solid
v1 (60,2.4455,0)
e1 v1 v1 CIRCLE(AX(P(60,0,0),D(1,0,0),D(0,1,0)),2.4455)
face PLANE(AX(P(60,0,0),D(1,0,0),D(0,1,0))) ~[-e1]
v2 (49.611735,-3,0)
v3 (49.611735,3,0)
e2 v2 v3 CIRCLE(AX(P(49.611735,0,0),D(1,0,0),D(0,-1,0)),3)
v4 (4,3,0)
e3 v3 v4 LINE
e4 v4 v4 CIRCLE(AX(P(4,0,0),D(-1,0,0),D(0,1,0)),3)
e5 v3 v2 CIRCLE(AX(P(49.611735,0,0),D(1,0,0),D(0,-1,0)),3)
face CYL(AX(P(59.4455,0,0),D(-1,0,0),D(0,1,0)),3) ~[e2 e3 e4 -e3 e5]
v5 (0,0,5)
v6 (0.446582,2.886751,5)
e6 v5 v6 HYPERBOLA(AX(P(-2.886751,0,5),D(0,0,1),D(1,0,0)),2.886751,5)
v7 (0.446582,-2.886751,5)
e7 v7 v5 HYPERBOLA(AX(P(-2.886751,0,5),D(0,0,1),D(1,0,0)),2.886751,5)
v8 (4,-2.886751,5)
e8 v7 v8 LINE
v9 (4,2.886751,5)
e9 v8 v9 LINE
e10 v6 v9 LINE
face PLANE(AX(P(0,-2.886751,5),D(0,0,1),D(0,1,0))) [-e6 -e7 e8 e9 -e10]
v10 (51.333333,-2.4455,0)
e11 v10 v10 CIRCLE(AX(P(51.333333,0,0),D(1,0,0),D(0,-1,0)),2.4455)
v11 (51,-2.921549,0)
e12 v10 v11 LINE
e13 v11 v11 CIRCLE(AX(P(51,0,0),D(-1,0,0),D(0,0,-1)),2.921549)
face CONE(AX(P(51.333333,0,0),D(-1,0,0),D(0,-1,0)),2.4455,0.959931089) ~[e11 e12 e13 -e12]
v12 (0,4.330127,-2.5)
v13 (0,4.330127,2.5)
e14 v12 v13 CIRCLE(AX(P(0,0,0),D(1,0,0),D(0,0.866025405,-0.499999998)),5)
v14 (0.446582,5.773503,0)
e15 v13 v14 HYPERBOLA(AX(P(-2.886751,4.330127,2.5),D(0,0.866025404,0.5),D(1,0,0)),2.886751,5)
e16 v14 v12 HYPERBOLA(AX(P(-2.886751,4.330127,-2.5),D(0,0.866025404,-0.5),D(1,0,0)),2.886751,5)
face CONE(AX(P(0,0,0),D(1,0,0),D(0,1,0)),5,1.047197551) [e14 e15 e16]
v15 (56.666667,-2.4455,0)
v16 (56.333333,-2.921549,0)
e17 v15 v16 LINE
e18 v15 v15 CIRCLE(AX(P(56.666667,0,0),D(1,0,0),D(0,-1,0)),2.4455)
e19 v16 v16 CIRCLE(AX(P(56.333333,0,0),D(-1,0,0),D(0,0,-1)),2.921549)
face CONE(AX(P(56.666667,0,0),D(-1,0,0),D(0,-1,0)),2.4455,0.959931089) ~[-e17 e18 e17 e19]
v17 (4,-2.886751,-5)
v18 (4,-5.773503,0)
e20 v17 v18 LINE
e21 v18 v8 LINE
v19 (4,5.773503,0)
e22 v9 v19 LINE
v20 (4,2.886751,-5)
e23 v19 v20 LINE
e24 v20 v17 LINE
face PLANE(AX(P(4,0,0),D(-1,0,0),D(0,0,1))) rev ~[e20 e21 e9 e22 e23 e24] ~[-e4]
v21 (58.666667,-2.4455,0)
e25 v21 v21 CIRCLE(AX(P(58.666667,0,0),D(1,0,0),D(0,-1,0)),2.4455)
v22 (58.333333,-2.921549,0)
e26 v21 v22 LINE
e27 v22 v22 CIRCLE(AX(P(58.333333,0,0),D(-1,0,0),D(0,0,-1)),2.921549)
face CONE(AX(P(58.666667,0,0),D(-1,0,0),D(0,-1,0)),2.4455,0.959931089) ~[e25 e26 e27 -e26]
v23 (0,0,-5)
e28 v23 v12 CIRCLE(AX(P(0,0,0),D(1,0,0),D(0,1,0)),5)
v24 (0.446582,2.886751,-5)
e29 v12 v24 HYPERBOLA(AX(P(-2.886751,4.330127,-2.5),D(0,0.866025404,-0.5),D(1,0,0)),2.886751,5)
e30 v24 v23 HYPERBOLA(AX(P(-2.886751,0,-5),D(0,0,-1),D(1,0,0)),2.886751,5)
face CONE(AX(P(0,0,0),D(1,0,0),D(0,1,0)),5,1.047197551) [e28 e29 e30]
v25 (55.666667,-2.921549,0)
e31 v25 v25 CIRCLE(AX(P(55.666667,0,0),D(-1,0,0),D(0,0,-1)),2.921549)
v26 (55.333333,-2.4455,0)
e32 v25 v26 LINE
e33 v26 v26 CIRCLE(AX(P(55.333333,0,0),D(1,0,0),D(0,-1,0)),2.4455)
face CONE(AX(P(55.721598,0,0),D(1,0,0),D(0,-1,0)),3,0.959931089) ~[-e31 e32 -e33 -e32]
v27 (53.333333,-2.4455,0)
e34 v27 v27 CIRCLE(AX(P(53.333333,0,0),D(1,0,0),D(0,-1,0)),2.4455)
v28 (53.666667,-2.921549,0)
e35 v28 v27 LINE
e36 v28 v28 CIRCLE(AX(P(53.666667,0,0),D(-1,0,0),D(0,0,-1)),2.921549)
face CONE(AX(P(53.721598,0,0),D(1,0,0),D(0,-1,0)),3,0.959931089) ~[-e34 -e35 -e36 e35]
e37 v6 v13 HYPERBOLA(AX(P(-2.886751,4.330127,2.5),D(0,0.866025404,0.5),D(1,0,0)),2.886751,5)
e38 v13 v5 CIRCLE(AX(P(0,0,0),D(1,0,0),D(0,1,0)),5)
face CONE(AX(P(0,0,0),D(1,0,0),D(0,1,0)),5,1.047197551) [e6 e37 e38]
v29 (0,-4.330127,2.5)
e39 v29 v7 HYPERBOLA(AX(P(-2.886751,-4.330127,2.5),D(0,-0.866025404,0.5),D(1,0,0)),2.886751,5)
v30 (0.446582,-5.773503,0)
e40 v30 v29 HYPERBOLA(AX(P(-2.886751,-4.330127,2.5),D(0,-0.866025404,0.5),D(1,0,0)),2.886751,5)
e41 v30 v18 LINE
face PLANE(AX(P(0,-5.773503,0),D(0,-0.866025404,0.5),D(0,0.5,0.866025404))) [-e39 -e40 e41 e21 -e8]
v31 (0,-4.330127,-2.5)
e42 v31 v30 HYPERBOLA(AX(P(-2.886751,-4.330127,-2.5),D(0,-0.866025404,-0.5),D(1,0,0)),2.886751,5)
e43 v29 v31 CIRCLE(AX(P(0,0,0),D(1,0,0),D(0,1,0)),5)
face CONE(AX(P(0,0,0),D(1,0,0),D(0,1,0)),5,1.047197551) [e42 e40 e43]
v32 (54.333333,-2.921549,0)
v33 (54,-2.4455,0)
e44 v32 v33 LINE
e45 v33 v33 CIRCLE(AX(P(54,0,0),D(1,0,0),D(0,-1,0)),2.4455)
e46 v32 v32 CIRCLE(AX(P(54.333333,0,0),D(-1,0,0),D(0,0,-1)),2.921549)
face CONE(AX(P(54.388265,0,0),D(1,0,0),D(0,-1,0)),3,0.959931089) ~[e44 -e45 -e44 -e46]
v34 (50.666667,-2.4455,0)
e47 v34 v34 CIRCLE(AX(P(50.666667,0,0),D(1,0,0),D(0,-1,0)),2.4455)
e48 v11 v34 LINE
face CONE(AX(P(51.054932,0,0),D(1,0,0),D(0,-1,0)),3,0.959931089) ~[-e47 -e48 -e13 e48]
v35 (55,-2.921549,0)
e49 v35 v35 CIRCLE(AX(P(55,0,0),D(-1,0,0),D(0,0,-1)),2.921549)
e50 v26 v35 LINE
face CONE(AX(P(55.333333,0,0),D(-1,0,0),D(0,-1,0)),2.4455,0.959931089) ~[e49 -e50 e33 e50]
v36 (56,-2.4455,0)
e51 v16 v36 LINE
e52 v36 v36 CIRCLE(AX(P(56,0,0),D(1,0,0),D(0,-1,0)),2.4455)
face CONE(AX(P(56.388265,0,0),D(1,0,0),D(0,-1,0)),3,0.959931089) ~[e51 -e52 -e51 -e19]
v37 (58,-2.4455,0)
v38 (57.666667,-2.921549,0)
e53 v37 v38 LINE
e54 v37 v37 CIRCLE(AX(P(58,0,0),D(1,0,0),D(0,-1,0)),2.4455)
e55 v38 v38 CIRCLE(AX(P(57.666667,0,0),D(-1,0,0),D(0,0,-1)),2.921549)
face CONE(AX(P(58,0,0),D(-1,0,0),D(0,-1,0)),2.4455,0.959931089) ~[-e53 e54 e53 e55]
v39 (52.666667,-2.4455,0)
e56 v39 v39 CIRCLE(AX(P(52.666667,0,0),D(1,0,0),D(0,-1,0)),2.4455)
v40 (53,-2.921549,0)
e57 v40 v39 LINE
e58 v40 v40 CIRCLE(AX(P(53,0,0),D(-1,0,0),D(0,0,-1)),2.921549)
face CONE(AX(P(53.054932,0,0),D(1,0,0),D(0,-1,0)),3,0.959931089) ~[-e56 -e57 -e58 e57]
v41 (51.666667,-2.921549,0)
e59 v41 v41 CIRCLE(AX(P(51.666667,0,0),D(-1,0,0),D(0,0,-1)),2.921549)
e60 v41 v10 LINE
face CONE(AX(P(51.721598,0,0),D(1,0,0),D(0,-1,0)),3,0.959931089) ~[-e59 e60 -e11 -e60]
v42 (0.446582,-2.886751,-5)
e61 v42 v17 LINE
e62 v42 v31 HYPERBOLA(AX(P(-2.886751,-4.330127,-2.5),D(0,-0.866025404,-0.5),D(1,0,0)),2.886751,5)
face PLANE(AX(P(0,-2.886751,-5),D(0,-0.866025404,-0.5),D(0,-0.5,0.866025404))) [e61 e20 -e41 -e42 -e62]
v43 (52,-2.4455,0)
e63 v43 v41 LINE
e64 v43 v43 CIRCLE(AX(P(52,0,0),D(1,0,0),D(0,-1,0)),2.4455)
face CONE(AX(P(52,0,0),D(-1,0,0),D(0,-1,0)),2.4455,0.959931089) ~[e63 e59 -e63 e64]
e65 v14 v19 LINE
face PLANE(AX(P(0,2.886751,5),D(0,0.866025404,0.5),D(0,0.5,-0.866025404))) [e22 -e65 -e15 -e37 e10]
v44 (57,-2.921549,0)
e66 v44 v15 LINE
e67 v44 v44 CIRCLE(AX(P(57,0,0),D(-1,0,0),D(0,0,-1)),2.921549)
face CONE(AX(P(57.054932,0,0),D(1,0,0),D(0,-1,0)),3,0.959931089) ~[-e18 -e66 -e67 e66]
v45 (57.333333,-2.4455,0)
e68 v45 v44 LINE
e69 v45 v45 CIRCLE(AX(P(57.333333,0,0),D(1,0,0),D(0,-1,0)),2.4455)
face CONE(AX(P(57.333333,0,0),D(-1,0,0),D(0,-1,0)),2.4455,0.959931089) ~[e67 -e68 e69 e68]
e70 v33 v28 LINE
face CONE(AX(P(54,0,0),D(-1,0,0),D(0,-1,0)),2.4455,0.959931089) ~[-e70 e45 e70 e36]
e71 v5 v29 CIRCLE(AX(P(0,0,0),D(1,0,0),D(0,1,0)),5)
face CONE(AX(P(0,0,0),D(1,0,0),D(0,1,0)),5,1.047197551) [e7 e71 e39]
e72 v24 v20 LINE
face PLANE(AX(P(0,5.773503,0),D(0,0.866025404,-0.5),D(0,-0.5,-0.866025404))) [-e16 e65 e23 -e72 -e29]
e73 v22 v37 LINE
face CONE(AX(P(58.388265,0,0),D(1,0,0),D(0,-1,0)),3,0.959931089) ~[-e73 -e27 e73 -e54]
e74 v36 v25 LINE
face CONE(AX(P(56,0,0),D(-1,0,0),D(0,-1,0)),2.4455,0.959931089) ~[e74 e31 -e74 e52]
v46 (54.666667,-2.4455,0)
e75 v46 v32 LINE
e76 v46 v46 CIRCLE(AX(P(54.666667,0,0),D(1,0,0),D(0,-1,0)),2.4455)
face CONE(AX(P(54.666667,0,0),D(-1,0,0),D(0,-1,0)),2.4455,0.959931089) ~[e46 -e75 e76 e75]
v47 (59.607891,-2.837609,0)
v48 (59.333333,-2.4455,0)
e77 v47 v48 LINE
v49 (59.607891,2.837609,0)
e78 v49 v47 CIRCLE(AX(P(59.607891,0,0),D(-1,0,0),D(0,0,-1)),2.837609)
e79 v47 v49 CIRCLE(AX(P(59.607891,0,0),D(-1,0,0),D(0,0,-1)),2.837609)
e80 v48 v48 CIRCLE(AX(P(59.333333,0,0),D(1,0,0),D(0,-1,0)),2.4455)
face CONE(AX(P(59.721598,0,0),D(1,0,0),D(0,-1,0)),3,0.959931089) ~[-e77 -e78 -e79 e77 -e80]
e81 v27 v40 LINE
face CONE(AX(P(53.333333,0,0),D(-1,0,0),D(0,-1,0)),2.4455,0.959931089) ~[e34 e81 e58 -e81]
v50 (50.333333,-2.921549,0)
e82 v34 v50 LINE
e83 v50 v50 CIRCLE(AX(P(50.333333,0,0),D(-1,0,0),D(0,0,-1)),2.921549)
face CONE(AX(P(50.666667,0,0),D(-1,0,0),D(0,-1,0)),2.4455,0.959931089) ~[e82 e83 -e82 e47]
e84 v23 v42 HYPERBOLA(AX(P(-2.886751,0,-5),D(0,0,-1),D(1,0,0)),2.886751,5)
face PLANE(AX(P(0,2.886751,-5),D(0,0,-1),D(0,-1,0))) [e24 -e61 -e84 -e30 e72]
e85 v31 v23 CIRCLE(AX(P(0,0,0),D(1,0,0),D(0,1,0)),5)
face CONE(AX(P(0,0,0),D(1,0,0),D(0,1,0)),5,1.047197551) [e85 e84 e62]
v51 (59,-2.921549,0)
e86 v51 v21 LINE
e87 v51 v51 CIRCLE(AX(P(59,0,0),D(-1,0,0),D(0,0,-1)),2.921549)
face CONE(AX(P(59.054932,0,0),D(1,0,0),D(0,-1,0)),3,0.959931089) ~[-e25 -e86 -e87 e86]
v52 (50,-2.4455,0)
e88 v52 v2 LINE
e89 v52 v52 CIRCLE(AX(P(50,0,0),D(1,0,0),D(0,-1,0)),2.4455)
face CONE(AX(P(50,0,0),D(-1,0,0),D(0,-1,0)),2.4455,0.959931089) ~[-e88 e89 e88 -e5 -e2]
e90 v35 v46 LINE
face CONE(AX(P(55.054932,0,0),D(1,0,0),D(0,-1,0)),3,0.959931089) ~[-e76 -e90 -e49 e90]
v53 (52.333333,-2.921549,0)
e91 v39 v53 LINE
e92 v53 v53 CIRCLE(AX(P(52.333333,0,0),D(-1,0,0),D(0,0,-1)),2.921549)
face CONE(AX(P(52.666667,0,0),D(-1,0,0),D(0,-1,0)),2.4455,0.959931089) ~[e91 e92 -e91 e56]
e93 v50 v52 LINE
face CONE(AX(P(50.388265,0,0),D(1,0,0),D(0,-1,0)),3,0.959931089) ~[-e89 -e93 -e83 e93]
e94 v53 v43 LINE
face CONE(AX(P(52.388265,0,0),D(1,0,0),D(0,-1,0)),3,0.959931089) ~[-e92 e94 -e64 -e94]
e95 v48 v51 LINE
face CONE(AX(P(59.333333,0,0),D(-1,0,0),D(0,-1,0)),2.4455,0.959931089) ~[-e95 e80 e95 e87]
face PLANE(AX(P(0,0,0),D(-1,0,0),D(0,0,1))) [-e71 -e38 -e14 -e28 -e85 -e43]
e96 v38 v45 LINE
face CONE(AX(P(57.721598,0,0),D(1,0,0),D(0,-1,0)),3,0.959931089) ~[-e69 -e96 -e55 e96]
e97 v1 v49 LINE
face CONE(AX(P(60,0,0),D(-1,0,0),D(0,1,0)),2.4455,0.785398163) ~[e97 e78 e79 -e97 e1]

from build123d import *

# Parameters (mm, degrees)
BASEHEAD_DEPTH  = 4
THDSCHPAT_COUNT = 15
THDSCHPAT_PITCH = 0.666666667


with BuildPart() as part:
    # Sketch1 → BaseHead (new body)
    with BuildSketch(Plane(origin=(0, 0, 0), x_dir=(0, 0, -1), z_dir=(1, 0, 0))):
        Polygon((5, 2.886751346), (5, -2.886751346), (0, -5.773502692), (-5, -2.886751346), (-5, 2.886751346), (0, 5.773502692), align=None)
    extrude(amount=BASEHEAD_DEPTH)

    # BodySke → BaseBody (revolve)
    with BuildSketch(Plane.XY):
        Polygon((0, 0), (60, 0), (60, 2.4455), (59.4455, 3), (0, 3), align=None)
    revolve(axis=Axis((0, 0, 0), (1, 0, 0)))

    # Sketch3 → HeadChamfer (revolve, cut)
    with BuildSketch(Plane.XY):
        Polygon((0, 5), (3.333333333, 10.773502692), (3.333333333, 15.773502692), (-10, 15.773502692), (-10, 5), align=None)
    revolve(axis=Axis((0, 0, 0), (1, 0, 0)), mode=Mode.SUBTRACT)

    # ThdSchSke → ThreadSchematic (revolve, cut)
    with BuildSketch(Plane.XY):
        Polygon((50, -2.4455), (49.61173492, -3), (49.61173492, -3.75), (50.38826508, -3.75), (50.38826508, -3), align=None)
    threadschematic = revolve(axis=Axis((-3.175, 0, 0), (1, 0, 0)), mode=Mode.SUBTRACT)

    # ThdSchPat: ThreadSchematic ×15
    with Locations(*[(i * THDSCHPAT_PITCH, 0, 0) for i in range(1, THDSCHPAT_COUNT)]):
        add(threadschematic, mode=Mode.SUBTRACT)


solid = part.part
